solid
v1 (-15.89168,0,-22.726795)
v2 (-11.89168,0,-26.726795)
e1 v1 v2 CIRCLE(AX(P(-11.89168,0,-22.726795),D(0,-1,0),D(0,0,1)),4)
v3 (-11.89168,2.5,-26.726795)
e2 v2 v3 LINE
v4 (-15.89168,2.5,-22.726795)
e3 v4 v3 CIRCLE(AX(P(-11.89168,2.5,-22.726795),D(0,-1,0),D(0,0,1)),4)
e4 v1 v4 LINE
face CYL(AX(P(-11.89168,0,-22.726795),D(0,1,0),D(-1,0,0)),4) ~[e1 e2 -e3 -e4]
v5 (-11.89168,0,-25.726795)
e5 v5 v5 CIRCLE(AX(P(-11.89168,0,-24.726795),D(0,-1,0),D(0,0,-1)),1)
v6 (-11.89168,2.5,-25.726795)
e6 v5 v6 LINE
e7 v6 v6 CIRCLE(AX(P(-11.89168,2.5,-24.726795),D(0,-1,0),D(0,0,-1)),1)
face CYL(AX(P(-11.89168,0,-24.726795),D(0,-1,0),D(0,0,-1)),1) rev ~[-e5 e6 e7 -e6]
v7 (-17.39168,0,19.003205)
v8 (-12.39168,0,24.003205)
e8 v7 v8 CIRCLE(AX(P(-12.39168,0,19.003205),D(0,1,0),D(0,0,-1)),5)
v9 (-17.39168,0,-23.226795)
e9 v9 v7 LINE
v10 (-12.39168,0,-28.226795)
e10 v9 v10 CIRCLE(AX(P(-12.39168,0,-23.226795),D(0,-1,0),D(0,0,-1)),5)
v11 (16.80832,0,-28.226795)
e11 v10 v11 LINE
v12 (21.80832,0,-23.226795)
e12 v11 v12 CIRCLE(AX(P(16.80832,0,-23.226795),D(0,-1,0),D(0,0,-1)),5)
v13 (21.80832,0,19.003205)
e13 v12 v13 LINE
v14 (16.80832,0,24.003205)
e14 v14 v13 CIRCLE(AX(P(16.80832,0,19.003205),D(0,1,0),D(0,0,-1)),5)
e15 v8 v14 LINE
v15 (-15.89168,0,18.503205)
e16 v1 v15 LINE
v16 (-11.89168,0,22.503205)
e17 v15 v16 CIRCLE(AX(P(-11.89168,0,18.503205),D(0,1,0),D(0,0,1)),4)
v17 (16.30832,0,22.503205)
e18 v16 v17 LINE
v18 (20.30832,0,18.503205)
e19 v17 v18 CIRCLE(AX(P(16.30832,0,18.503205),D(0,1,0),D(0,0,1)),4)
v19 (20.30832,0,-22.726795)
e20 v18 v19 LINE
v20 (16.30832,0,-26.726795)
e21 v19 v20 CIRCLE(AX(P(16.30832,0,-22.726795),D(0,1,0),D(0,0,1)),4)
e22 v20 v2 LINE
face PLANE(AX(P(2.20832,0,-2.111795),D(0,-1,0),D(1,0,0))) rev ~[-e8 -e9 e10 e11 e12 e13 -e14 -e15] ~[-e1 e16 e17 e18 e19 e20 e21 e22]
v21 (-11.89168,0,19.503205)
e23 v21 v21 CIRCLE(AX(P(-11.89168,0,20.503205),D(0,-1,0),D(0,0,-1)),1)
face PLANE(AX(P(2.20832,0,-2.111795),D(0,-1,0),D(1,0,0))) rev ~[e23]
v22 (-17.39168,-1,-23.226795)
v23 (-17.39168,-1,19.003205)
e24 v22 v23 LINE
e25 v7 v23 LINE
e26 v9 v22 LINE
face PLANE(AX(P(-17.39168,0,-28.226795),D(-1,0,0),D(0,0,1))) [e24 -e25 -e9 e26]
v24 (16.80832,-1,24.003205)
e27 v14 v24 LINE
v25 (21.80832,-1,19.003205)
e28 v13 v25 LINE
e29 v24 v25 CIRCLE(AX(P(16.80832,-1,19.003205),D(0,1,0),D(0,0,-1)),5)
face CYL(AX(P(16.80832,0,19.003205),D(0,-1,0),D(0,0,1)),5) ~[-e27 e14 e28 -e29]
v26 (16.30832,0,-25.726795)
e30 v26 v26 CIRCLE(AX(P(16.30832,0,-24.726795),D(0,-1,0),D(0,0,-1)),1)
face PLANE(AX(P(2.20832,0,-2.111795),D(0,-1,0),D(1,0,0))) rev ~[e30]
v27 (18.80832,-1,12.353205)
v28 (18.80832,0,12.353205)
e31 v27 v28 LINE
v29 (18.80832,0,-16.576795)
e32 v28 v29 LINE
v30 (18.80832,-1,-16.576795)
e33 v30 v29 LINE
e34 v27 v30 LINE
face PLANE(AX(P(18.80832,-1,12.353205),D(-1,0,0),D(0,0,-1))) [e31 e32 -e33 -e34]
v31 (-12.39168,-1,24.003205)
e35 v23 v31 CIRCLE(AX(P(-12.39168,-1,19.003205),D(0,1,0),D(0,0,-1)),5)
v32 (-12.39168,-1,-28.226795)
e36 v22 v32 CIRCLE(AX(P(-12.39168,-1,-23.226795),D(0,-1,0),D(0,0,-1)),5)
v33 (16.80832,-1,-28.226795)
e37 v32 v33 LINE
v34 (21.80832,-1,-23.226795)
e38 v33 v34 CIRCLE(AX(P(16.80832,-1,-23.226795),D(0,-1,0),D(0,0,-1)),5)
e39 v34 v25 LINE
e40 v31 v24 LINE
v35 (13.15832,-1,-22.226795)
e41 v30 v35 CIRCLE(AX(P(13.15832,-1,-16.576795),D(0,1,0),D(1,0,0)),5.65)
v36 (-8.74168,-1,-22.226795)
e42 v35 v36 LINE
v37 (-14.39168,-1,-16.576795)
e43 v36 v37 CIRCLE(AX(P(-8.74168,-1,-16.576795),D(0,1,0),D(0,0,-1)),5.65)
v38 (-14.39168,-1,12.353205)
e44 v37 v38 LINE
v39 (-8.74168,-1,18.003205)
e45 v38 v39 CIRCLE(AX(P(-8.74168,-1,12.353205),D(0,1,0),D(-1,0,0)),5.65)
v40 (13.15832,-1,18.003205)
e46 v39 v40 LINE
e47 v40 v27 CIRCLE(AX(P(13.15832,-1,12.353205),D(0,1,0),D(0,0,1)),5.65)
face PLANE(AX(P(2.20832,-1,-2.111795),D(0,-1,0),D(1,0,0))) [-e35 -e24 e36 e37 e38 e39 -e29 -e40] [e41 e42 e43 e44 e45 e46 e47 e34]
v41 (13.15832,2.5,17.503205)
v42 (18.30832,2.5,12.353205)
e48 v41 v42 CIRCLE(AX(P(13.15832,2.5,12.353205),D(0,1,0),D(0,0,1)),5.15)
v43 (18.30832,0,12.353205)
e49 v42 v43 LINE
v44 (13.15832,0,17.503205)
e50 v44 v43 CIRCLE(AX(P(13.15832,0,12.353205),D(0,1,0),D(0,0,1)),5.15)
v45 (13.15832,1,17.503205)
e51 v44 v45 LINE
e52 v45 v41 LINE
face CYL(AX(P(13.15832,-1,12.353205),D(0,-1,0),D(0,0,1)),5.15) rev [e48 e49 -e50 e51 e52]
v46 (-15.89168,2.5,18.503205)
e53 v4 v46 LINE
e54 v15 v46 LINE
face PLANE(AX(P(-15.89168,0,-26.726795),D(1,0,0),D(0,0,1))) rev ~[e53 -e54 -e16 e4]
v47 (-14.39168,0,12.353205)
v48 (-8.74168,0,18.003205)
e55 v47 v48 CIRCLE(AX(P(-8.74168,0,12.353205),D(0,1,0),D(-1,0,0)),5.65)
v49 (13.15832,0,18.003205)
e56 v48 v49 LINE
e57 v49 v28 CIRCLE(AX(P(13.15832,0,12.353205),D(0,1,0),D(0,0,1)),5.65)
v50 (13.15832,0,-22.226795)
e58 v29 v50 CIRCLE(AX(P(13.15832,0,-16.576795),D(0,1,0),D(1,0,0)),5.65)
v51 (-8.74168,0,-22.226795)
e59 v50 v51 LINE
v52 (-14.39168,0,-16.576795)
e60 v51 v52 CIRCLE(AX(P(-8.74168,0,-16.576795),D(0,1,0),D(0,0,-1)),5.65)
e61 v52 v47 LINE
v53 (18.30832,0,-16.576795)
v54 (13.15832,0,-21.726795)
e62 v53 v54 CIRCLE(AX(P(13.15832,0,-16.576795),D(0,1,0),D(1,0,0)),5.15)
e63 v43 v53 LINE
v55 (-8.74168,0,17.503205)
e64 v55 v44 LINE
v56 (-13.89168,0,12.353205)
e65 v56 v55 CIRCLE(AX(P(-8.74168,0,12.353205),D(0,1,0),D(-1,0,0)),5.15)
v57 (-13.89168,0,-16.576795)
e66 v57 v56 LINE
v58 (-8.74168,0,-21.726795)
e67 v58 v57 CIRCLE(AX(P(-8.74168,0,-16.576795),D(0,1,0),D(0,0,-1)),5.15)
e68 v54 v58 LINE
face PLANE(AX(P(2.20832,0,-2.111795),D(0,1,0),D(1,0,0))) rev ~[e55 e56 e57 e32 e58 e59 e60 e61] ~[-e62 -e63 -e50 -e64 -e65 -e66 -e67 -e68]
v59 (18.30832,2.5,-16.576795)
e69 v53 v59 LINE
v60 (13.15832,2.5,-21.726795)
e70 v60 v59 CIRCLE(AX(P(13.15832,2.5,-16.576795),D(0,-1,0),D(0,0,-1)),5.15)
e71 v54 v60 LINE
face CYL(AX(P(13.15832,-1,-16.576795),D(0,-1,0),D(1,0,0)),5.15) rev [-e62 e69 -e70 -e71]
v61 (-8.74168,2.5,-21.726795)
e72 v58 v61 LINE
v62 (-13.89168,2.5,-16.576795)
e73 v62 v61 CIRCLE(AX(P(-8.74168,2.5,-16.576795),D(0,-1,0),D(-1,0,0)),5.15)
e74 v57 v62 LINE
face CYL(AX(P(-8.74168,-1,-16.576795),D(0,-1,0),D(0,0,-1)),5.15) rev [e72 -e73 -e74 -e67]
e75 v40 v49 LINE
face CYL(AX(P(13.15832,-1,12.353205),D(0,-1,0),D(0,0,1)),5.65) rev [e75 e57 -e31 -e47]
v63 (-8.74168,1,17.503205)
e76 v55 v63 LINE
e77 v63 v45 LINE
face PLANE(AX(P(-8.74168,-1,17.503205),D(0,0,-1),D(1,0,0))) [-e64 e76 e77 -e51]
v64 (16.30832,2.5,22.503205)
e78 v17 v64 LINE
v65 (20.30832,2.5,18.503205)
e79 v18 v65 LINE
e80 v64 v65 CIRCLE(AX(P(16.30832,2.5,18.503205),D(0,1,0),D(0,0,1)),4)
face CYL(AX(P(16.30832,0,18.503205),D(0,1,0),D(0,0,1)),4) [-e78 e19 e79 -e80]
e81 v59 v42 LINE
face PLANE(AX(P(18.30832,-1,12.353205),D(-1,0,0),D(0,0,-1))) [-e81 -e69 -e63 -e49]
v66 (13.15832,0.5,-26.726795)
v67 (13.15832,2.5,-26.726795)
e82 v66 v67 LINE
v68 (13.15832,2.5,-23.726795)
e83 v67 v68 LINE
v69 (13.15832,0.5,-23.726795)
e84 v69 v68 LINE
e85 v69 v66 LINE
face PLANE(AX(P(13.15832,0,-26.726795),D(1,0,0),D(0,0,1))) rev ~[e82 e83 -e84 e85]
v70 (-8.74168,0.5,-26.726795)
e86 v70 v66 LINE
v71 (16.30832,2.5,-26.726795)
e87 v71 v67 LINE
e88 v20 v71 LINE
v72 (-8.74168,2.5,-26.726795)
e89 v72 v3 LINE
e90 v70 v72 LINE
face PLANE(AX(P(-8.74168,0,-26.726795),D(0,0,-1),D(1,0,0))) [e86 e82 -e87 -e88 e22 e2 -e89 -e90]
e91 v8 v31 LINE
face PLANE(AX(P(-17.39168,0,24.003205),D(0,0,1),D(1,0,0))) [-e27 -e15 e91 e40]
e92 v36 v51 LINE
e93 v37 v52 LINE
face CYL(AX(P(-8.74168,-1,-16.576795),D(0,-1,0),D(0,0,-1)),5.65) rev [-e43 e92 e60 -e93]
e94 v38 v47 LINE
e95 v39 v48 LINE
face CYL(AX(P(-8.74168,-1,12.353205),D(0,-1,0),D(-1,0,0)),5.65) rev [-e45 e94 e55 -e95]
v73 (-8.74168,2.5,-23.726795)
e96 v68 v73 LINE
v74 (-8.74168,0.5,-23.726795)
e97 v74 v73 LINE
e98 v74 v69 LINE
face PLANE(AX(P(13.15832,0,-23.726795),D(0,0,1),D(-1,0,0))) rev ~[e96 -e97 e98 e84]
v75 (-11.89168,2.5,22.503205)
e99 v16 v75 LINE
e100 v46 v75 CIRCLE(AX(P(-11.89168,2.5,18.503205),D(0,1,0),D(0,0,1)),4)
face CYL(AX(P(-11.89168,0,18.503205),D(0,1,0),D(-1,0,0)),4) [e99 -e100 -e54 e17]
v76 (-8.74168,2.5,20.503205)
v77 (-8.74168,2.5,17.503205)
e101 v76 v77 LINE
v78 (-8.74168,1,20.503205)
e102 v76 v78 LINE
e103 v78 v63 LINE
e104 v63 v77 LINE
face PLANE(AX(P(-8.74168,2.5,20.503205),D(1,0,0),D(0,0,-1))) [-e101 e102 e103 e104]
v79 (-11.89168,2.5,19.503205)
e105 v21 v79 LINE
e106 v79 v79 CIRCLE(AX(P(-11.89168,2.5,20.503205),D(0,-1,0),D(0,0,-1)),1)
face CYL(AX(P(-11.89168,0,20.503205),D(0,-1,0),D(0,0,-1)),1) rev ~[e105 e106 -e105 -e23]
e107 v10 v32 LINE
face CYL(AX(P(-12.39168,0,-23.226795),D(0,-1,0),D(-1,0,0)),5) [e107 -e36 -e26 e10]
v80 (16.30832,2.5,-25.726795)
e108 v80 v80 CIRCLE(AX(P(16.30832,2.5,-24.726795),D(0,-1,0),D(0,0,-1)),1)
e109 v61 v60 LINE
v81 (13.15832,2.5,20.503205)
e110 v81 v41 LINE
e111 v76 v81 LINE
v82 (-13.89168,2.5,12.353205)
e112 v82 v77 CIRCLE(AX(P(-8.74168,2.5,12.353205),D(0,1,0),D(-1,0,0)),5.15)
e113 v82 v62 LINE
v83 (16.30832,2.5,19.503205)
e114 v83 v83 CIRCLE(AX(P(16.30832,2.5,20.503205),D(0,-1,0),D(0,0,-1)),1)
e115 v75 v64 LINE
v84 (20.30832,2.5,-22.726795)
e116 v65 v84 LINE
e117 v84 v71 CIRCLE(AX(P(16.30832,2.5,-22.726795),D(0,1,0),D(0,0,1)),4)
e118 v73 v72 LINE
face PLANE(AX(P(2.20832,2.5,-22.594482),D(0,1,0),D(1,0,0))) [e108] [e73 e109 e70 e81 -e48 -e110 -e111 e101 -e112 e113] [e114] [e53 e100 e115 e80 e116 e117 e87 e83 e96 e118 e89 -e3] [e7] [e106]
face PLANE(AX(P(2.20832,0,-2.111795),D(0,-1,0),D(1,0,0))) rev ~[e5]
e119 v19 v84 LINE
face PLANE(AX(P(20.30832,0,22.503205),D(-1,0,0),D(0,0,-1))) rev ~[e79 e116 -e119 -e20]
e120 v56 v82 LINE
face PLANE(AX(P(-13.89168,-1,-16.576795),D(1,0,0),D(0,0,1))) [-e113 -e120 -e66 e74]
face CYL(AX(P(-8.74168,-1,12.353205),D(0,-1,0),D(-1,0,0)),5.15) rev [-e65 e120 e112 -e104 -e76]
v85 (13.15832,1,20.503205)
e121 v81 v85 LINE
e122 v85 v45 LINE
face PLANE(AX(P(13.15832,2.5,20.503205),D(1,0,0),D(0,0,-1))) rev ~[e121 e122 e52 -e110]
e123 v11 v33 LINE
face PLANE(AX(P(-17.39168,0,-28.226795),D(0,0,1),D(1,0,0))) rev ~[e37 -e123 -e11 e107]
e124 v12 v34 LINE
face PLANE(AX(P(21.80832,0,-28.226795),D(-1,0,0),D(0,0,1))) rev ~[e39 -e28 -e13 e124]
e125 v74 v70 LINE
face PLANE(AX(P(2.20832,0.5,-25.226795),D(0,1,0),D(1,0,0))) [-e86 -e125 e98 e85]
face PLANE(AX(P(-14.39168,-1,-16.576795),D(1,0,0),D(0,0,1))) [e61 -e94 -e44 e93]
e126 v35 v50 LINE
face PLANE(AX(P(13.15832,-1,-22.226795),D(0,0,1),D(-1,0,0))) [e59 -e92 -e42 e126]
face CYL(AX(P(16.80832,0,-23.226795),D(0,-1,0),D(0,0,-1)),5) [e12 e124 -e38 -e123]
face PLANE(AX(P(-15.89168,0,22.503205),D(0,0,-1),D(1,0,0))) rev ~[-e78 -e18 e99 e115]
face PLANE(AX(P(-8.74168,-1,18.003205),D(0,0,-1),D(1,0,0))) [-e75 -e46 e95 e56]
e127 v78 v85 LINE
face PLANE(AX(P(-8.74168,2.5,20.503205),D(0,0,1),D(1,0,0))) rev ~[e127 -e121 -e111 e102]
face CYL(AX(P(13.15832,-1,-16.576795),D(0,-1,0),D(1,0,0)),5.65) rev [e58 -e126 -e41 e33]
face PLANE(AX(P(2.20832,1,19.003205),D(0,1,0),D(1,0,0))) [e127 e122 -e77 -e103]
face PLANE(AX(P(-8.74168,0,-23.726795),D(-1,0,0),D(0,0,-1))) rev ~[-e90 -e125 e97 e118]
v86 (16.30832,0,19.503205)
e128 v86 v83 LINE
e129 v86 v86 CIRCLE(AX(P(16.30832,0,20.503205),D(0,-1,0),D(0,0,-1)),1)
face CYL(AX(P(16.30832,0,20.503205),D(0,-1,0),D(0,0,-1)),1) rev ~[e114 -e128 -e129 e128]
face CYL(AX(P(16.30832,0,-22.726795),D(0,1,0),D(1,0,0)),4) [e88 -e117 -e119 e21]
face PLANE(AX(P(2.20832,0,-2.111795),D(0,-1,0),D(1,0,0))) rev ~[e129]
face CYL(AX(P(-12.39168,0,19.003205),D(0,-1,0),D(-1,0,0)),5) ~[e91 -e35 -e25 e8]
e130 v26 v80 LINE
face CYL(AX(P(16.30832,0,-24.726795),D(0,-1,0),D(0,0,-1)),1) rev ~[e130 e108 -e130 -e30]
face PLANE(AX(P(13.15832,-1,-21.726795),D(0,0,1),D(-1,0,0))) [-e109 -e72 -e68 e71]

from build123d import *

# Parameters (mm, degrees)
EXTRUDE_1_DEPTH       = 2.5
SKETCH_1_3_W          = 21.9
SKETCH_1_3_H          = 3
EXTRUDE_2_DEPTH       = 0.5
SKETCH_2_R            = 1
CUT_EXTRUDE_1_DEPTH   = 34.660057049
SKETCH_3_W            = 21.9
SKETCH_3_H            = 3
CUT_EXTRUDE_2_DEPTH   = 1.5
SKETCH_4_W            = 39.2
SKETCH_4_H            = 52.23
EXTRUDE_3_DEPTH       = 1
CUT_EXTRUDE_START     = -1
CUT_EXTRUDE_3_DEPTH   = 1
FILLET_1_R            = 4
CUT_EXTRUDE_1_2_DEPTH = 1
FILLET_2_R            = 5


with BuildPart() as part:
    # 草图1 → 凸台-拉伸1 (new body)
    with BuildSketch(Plane(origin=(0, 0, 0), x_dir=(1, 0, 0), z_dir=(0, 1, 0))):
        Polygon((20.308319986, -22.503204833), (20.308319986, 26.726795167), (13.158319986, 26.726795167), (13.158319986, 23.726795167), (-8.741680014, 23.726795167), (-8.741680014, 26.726795167), (-15.891680014, 26.726795167), (-15.891680014, -22.503204833), align=None)
        with BuildLine():
            ThreePointArc((18.308319986, -12.353204833), (16.799919909, -15.994804756), (13.158319986, -17.503204833))
            Line((13.158319986, -17.503204833), (-8.741680014, -17.503204833))
            ThreePointArc((-8.741680014, -17.503204833), (-12.383279937, -15.994804756), (-13.891680014, -12.353204833))
            Line((-13.891680014, -12.353204833), (-13.891680014, 16.576795167))
            ThreePointArc((-13.891680014, 16.576795167), (-12.383279937, 20.21839509), (-8.741680014, 21.726795167))
            Line((-8.741680014, 21.726795167), (13.158319986, 21.726795167))
            ThreePointArc((13.158319986, 21.726795167), (16.799919909, 20.21839509), (18.308319986, 16.576795167))
            Line((18.308319986, 16.576795167), (18.308319986, -12.353204833))
        make_face(mode=Mode.SUBTRACT)
    extrude(amount=EXTRUDE_1_DEPTH)

    # 草图1<3> → 凸台-拉伸2 (add)
    with BuildSketch(Plane(origin=(0, 0, 0), x_dir=(1, 0, 0), z_dir=(0, 1, 0))):
        with Locations((2.208319986, 25.226795167)):
            Rectangle(SKETCH_1_3_W, SKETCH_1_3_H)
    extrude(amount=EXTRUDE_2_DEPTH)

    # 草图2 → Cut-Extrude 1 (cut, through all)
    with BuildSketch(Plane.XZ):
        with Locations((-11.891680014, -24.726795167)):
            Circle(SKETCH_2_R)
        with Locations((-11.891680014, 20.503204833)):
            Circle(SKETCH_2_R)
        with Locations((16.308319986, 20.503204833)):
            Circle(SKETCH_2_R)
        with Locations((16.308319986, -24.726795167)):
            Circle(SKETCH_2_R)
    extrude(amount=-CUT_EXTRUDE_1_DEPTH, mode=Mode.SUBTRACT)

    # 草图3 → 切除-拉伸2 (cut)
    with BuildSketch(Plane(origin=(0, 2.5, 0), x_dir=(1, 0, 0), z_dir=(0, 1, 0))):
        with Locations((2.208319986, -19.003204833)):
            Rectangle(SKETCH_3_W, SKETCH_3_H)
    extrude(amount=-CUT_EXTRUDE_2_DEPTH, mode=Mode.SUBTRACT)

    # 草图4 → 凸台-拉伸3 (add)
    with BuildSketch(Plane.XZ):
        with Locations((2.208319986, -2.111795167)):
            Rectangle(SKETCH_4_W, SKETCH_4_H)
    extrude(amount=EXTRUDE_3_DEPTH)

    # 草图5 → 切除-拉伸3 (cut)
    with BuildSketch(Plane(origin=(0, 0, 0), x_dir=(1, 0, 0), z_dir=(0, 1, 0)).offset(CUT_EXTRUDE_START)):
        with BuildLine():
            Line((18.308319986, -12.353204833), (18.308319986, 16.576795167))
            ThreePointArc((18.308319986, 16.576795167), (16.799919909, 20.21839509), (13.158319986, 21.726795167))
            Line((13.158319986, 21.726795167), (-8.741680014, 21.726795167))
            ThreePointArc((-8.741680014, 21.726795167), (-12.383279937, 20.21839509), (-13.891680014, 16.576795167))
            Line((-13.891680014, 16.576795167), (-13.891680014, -12.353204833))
            ThreePointArc((-13.891680014, -12.353204833), (-12.383279937, -15.994804756), (-8.741680014, -17.503204833))
            Line((-8.741680014, -17.503204833), (13.158319986, -17.503204833))
            ThreePointArc((13.158319986, -17.503204833), (16.799919909, -15.994804756), (18.308319986, -12.353204833))
        make_face()
    extrude(amount=CUT_EXTRUDE_3_DEPTH, mode=Mode.SUBTRACT)

    # 圆角1
    fillet_1_edges = [part.edges().sort_by_distance(p)[0] for p in [
        (-15.891680014, 1.25, 22.503204833),
        (-15.891680014, 1.25, -26.726795167),
        (20.308319986, 1.25, -26.726795167),
        (20.308319986, 1.25, 22.503204833),
    ]]
    fillet(fillet_1_edges, radius=FILLET_1_R)

    # 草图5<2> → Cut-Extrude 1 2 (cut)
    with BuildSketch(Plane(origin=(0, 0, 0), x_dir=(1, 0, 0), z_dir=(0, 1, 0)).offset(CUT_EXTRUDE_START)):
        with BuildLine():
            Line((-8.741680014, -18.003204833), (13.158319986, -18.003204833))
            ThreePointArc((13.158319986, -18.003204833), (17.153473299, -16.348358147), (18.808319986, -12.353204833))
            Line((18.808319986, -12.353204833), (18.808319986, 16.576795167))
            ThreePointArc((18.808319986, 16.576795167), (17.153473299, 20.571948481), (13.158319986, 22.226795167))
            Line((13.158319986, 22.226795167), (-8.741680014, 22.226795167))
            ThreePointArc((-8.741680014, 22.226795167), (-12.736833328, 20.571948481), (-14.391680014, 16.576795167))
            Line((-14.391680014, 16.576795167), (-14.391680014, -12.353204833))
            ThreePointArc((-14.391680014, -12.353204833), (-12.736833328, -16.348358147), (-8.741680014, -18.003204833))
        make_face()
        with BuildLine():
            Line((-8.741680014, -17.503204833), (13.158319986, -17.503204833))
            ThreePointArc((13.158319986, -17.503204833), (16.799919909, -15.994804756), (18.308319986, -12.353204833))
            Line((18.308319986, -12.353204833), (18.308319986, 16.576795167))
            ThreePointArc((18.308319986, 16.576795167), (16.799919909, 20.21839509), (13.158319986, 21.726795167))
            Line((13.158319986, 21.726795167), (-8.741680014, 21.726795167))
            ThreePointArc((-8.741680014, 21.726795167), (-12.383279937, 20.21839509), (-13.891680014, 16.576795167))
            Line((-13.891680014, 16.576795167), (-13.891680014, -12.353204833))
            ThreePointArc((-13.891680014, -12.353204833), (-12.383279937, -15.994804756), (-8.741680014, -17.503204833))
        make_face(mode=Mode.SUBTRACT)
    extrude(amount=CUT_EXTRUDE_1_2_DEPTH, mode=Mode.SUBTRACT)

    # 圆角2
    fillet_2_edges = [part.edges().sort_by_distance(p)[0] for p in [
        (21.808319986, -0.5, 24.003204833),
        (21.808319986, -0.5, -28.226795167),
        (-17.391680014, -0.5, -28.226795167),
        (-17.391680014, -0.5, 24.003204833),
    ]]
    fillet(fillet_2_edges, radius=FILLET_2_R)


solid = part.part
